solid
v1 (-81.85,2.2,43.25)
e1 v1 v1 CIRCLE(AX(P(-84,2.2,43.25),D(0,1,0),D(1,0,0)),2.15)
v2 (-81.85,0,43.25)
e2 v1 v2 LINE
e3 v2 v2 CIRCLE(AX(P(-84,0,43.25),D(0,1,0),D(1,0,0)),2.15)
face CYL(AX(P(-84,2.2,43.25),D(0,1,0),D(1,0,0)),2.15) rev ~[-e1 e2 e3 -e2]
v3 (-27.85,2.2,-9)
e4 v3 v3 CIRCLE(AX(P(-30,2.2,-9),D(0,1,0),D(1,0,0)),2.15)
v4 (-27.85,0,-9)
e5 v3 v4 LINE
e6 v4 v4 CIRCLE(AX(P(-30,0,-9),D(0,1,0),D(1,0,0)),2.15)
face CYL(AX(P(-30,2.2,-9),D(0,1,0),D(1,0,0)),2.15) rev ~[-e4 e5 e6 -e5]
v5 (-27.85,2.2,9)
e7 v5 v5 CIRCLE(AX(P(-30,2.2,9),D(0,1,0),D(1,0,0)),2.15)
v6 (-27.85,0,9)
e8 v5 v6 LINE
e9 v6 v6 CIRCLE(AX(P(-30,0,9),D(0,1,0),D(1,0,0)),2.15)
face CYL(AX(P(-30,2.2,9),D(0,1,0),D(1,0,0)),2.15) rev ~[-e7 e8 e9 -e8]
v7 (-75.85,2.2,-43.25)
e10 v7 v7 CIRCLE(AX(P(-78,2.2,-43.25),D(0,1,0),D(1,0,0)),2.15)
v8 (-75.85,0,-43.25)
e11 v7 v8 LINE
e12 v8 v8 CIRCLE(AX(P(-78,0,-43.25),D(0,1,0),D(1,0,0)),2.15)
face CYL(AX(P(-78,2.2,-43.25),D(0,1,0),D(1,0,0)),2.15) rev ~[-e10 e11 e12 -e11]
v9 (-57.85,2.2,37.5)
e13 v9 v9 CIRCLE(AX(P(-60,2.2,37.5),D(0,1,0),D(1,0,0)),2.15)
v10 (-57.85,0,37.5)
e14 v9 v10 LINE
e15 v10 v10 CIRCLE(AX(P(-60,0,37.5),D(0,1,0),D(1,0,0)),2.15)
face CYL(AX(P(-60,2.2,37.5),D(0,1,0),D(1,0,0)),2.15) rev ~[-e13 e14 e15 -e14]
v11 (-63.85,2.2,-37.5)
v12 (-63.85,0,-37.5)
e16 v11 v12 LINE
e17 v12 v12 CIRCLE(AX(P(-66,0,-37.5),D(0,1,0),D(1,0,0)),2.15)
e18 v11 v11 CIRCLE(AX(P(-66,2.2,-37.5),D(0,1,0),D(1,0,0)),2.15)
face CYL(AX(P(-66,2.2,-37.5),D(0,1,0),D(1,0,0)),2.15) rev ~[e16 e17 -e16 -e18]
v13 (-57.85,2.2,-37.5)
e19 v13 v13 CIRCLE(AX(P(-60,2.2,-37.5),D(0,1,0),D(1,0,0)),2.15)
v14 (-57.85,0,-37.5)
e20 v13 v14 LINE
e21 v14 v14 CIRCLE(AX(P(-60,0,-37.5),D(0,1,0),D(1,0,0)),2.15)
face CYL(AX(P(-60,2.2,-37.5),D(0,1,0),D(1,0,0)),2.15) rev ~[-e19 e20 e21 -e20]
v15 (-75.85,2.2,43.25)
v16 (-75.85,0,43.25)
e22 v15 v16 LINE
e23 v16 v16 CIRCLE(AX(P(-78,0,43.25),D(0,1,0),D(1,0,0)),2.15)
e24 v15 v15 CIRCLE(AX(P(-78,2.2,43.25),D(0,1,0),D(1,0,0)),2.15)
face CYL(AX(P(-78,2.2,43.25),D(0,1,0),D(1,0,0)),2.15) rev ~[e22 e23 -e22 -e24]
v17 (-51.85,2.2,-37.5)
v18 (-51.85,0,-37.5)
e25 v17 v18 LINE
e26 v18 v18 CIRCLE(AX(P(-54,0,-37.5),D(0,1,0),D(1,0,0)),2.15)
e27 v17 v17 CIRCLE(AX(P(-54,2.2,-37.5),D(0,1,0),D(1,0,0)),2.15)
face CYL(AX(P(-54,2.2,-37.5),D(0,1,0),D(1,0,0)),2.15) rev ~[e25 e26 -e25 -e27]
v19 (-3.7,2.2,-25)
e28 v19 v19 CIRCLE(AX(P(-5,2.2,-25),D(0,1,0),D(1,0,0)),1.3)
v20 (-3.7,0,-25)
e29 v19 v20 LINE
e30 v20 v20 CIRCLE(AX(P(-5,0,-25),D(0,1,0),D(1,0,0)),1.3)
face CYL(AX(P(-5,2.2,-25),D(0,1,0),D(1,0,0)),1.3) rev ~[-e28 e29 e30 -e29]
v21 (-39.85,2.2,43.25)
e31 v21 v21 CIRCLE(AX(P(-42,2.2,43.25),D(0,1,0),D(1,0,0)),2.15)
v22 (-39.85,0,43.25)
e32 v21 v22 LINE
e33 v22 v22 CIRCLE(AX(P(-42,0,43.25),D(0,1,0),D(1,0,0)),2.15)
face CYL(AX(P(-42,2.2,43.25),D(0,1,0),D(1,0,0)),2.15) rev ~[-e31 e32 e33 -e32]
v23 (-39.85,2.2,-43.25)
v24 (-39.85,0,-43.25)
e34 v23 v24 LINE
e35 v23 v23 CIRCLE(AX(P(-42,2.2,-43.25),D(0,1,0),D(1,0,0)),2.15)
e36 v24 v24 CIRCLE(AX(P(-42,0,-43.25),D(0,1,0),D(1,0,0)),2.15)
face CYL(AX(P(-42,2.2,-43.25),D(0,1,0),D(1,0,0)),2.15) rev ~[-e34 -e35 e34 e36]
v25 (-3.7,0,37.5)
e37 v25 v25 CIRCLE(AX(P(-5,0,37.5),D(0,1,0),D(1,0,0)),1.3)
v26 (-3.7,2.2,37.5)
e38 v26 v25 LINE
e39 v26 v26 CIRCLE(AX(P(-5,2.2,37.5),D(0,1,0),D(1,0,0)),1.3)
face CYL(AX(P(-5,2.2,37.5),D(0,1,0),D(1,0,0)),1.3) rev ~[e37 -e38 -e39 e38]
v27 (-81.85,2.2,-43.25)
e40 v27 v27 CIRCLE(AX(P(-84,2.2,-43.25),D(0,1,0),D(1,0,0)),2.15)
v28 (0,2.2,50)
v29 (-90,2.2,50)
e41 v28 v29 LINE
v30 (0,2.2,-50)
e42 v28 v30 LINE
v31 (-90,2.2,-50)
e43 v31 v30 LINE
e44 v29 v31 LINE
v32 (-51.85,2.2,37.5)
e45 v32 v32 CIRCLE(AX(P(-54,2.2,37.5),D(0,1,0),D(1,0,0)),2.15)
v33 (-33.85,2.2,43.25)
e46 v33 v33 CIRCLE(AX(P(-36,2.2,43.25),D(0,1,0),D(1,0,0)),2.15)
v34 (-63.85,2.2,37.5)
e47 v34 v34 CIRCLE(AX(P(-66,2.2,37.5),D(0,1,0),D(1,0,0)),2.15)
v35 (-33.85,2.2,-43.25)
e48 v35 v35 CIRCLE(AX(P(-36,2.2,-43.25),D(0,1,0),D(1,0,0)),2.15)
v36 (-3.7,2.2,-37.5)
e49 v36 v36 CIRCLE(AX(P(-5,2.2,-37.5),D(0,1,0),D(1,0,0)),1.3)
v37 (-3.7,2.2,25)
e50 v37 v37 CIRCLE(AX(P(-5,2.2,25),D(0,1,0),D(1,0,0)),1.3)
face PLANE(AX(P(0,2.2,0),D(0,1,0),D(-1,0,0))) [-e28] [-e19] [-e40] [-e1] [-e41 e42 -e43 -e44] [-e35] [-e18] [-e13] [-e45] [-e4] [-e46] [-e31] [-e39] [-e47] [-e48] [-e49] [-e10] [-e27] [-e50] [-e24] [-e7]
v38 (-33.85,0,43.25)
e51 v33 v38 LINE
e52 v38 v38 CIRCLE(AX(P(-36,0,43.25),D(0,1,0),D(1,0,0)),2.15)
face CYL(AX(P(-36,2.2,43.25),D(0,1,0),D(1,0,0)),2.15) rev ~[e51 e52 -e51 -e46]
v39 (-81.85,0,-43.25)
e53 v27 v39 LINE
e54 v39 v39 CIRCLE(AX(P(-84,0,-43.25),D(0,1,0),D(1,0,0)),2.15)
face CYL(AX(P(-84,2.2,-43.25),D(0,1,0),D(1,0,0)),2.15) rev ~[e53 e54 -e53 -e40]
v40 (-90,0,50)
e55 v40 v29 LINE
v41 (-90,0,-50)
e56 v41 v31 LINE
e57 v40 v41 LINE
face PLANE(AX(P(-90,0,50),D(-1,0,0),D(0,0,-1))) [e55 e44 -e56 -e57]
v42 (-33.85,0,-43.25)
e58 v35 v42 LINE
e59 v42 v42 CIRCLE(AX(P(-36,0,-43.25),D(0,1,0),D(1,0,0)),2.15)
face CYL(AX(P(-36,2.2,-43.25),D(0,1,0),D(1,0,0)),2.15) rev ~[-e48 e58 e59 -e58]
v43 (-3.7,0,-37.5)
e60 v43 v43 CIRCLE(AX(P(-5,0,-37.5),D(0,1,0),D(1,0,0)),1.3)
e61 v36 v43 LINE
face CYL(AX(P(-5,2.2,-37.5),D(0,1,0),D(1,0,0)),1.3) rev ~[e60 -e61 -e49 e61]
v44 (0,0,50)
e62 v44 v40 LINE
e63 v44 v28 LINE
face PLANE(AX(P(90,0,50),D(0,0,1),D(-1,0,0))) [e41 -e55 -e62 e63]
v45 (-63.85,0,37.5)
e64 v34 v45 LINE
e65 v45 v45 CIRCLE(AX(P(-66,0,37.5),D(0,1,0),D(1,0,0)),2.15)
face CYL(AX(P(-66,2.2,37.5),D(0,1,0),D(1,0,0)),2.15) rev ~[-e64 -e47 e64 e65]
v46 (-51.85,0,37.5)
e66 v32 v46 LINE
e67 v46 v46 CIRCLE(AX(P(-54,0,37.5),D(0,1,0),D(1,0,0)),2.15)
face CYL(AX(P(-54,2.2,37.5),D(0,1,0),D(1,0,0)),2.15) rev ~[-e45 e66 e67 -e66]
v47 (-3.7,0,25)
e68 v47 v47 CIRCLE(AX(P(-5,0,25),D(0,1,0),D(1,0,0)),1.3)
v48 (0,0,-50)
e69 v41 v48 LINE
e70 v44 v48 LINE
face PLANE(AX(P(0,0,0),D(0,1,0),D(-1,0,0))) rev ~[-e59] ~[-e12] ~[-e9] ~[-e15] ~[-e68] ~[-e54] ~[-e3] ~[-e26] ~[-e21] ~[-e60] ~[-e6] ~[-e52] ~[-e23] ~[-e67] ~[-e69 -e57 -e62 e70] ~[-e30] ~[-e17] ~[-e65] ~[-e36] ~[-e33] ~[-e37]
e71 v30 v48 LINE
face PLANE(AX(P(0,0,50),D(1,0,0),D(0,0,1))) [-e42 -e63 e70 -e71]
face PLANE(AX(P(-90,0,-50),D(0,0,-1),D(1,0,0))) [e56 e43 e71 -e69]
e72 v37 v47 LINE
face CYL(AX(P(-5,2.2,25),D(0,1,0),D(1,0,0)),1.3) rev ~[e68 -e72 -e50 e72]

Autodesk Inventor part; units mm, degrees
ref_plane "YZ Plane" through (0, 0, 0) normal (1, 0, 0) x (0, 1, 0)
ref_plane "XZ Plane" through (0, 0, 0) normal (0, 1, 0) x (-1, 0, 0)
ref_plane "XY Plane" through (0, 0, 0) normal (0, 0, 1) x (1, 0, 0)
sketch "Sketch1" plane through (0, 0, 0) normal (0, 1, 0) x (-1, 0, 0)
  line L0 (90, -50) -> (-90, -50)
  line L1 (-90, -50) -> (-90, 50)
  line L2 (-90, 50) -> (90, 50)
  line L3 (90, 50) -> (90, -50)
  line L4 (0, 0) -> (0, -16.1308) construction
  line L5 (0, 0) -> (18.4922, 0) construction
  dimension "d1" = 100
  dimension "d2" = 180
extrude "Extrusion1" add sketch "Sketch1" along normal blind 2.2
sketch "Sketch2" plane through (0, 2.2, 0) normal (0, 1, 0) x (1, 0, 0)
  line L0 (-90, -50) -> (90, -50) projected
  line L1 (90, -50) -> (90, 50) projected
  line L2 (90, -50) -> (90, -30)
  line L3 (90, -30) -> (55.6, -30)
  line L4 (55.6, -30) -> (55.6, -50)
  line L5 (55.6, -50) -> (90, -50)
  line L6 (90, -40) -> (55.6, -40) construction
  circle A0 centre (78.8, -40) radius 2.15
  circle A1 centre (72.8, -40) radius 2.15
  circle A2 centre (66.8, -40) radius 2.15
  line L7 (72.8, -40) -> (72.8, -30) construction
  circle A3 centre (72.8, -34) radius 2.15
  circle A4 centre (72.8, -46) radius 2.15
  circle A5 centre (72.8, -40) radius 2.15
  line L8 (0, 0) -> (96.2626, 0) construction
  line L9 (90, 50) -> (90, 30)
  line L10 (90, 30) -> (55.6, 30)
  line L11 (55.6, 30) -> (55.6, 50)
  line L12 (55.6, 50) -> (90, 50)
  line L13 (90, 40) -> (55.6, 40) construction
  circle A6 centre (78.8, 40) radius 2.15
  circle A7 centre (72.8, 40) radius 2.15
  circle A8 centre (66.8, 40) radius 2.15
  line L14 (72.8, 40) -> (72.8, 30) construction
  circle A9 centre (72.8, 34) radius 2.15
  circle A10 centre (72.8, 46) radius 2.15
  circle A11 centre (72.8, 40) radius 2.15
  line L15 (90, 50) -> (-90, 50) projected
  line L16 (-90, 50) -> (-90, -50) projected
  line L17 (-48, 40) -> (-72, 40)
  line L18 (-72, 40) -> (-72, 50)
  line L19 (-72, 50) -> (-48, 50)
  line L20 (-48, 50) -> (-48, 40)
  line L21 (-74.3246, 46.5) -> (-4.1674, 46.5) construction
  line L22 (-60, 53.3324) -> (-60, 32.9187) construction
  circle A12 centre (-60, 37.5) radius 2.15
  line L23 (-68.3246, 46.5) -> (1.8326, 46.5) construction
  circle A13 centre (-54, 37.5) radius 2.15
  circle A14 centre (-66, 37.5) radius 2.15
  line L24 (-8.0003, 43.25) -> (-83.9137, 43.25) construction
  circle A15 centre (-78, 43.25) radius 2.15
  circle A16 centre (-84, 43.25) radius 2.15
  circle A17 centre (-42, 43.25) radius 2.15
  circle A18 centre (-36, 43.25) radius 2.15
  line L25 (-48, -40) -> (-72, -40)
  line L26 (-72, -40) -> (-72, -50)
  line L27 (-72, -50) -> (-48, -50)
  line L28 (-48, -50) -> (-48, -40)
  line L29 (-74.3246, -46.5) -> (-4.1674, -46.5) construction
  line L30 (-60, -53.3324) -> (-60, -32.9187) construction
  circle A19 centre (-60, -37.5) radius 2.15
  circle A20 centre (-54, -37.5) radius 2.15
  circle A21 centre (-66, -37.5) radius 2.15
  line L31 (-8.0003, -43.25) -> (-83.9137, -43.25) construction
  circle A22 centre (-78, -43.25) radius 2.15
  circle A23 centre (-84, -43.25) radius 2.15
  circle A24 centre (-36, -43.25) radius 2.15
  circle A25 centre (-42, -43.25) radius 2.15
  circle A26 centre (-60, 37.5) radius 2.5 construction
  dimension "d13" = 20
  dimension "d14" = 34.4
  dimension "d15" = 4.3
  dimension "d16" = 6
  dimension "d17" = 6
  dimension "d18" = 6
  dimension "d27" = 24
  dimension "d28" = 10
  dimension "d29" = 18
  dimension "d31" = 4.3
  dimension "d34" = 6
  dimension "d41" = 6
  dimension "d46" = 6.5
  dimension "d48" = 4.3
  dimension "d49" = 6
  dimension "d52" = 6
  dimension "d60" = 5
extrude "Holes" cut sketch "Sketch2" against normal through all contours A0 | A1 | A2 | A3 | A4 | A6 | A7 | A8 | A9 | A10 | A12 | A13 | A14 | A15 | A16 | A17 | A18 | A19 | A20 | A21 | A22 | A23 | A24 | A25
sketch "Sketch3" plane through (0, 2.2, 0) normal (0, 1, 0) x (1, 0, 0)
  line L0 (33.5, 13.5) -> (-33.5, 13.5) construction
  line L1 (-33.5, 13.5) -> (-33.5, -13.5) construction
  line L2 (-33.5, -13.5) -> (33.5, -13.5) construction
  line L3 (33.5, -13.5) -> (33.5, 13.5) construction
  line L4 (0, 0) -> (39.98, 0) construction
  line L5 (0, 0) -> (0, 21.0122) construction
  circle A0 centre (30, 9) radius 2.15
  circle A1 centre (30, -9) radius 2.15
  circle A2 centre (-30, 9) radius 2.15
  circle A3 centre (-30, -9) radius 2.15
  line L6 (33.5, 7.5) -> (43.5, 7.5)
  line L7 (43.5, 7.5) -> (43.5, -7.5)
  line L8 (43.5, -7.5) -> (33.5, -7.5)
  line L9 (33.5, -7.5) -> (33.5, 7.5)
  dimension "d61" = 67
  dimension "d62" = 27
  dimension "d63" = 4.3
  dimension "d64" = 3.5
  dimension "d65" = 4.5
  dimension "d68" = 10
  dimension "d69" = 15
extrude "Extrusion4" cut sketch "Sketch3" against normal through all
fillet "Fillet1" radius 2 4 edges at (33.5, 1.1, -7.5) (43.5, 1.1, -7.5) (43.5, 1.1, 7.5) (33.5, 1.1, 7.5)
ref_plane "Work Plane1" through (0, 0, 50) normal (1, 0, 0) x (0, 0, -1)
split "Split1" plane through (0, 0, 50) removes the side toward (1, 0, 0)
sketch "Sketch4" plane through (0, 2.2, 0) normal (0, 1, 0) x (1, 0, 0)
  line L0 (0, 50) -> (-90, 50) projected
  line L1 (-90, -50) -> (0, -50) projected
  line L2 (0, 50) -> (-5, 50) construction
  line L3 (-5, 50) -> (-5, -50) construction
  line L4 (-5, -50) -> (0, -50) construction
  line L5 (0, -50) -> (0, 50) construction
  line L6 (0, 0) -> (-126.431, 0) construction
  circle A0 centre (-5, 37.5) radius 1.3
  circle A1 centre (-5, 25) radius 1.3
  circle A2 centre (-5, -37.5) radius 1.3
  circle A3 centre (-5, -25) radius 1.3
  dimension "d71" = 5
  dimension "d72" = 2.6
  dimension "d73" = 12.5
  dimension "d76" = 12.5
extrude "Extrusion5" cut sketch "Sketch4" against normal through all
equation "\"d1\" = BodyWidth"
equation "\"d2\" = BodyLength"
equation "\"d3\" = Depth"
equation "\"d15\" = Holes"
equation "\"d27\" = MotorWidth"
equation "\"d31\" = Holes"
equation "\"d57\" = Depth"
equation "\"d73\" = 0.125 * BodyWidth"
equation "\"d76\" = 0.125 * BodyWidth"
equation "\"BodyWidth\" = 100"
equation "\"BodyLength\" = 180"
equation "\"Holes\" = 4.3"
equation "\"Depth\" = 2.2"
equation "\"d20\" = 4.3"
equation "\"MotorWidth\" = 24"
properties part number "BodyFront"
